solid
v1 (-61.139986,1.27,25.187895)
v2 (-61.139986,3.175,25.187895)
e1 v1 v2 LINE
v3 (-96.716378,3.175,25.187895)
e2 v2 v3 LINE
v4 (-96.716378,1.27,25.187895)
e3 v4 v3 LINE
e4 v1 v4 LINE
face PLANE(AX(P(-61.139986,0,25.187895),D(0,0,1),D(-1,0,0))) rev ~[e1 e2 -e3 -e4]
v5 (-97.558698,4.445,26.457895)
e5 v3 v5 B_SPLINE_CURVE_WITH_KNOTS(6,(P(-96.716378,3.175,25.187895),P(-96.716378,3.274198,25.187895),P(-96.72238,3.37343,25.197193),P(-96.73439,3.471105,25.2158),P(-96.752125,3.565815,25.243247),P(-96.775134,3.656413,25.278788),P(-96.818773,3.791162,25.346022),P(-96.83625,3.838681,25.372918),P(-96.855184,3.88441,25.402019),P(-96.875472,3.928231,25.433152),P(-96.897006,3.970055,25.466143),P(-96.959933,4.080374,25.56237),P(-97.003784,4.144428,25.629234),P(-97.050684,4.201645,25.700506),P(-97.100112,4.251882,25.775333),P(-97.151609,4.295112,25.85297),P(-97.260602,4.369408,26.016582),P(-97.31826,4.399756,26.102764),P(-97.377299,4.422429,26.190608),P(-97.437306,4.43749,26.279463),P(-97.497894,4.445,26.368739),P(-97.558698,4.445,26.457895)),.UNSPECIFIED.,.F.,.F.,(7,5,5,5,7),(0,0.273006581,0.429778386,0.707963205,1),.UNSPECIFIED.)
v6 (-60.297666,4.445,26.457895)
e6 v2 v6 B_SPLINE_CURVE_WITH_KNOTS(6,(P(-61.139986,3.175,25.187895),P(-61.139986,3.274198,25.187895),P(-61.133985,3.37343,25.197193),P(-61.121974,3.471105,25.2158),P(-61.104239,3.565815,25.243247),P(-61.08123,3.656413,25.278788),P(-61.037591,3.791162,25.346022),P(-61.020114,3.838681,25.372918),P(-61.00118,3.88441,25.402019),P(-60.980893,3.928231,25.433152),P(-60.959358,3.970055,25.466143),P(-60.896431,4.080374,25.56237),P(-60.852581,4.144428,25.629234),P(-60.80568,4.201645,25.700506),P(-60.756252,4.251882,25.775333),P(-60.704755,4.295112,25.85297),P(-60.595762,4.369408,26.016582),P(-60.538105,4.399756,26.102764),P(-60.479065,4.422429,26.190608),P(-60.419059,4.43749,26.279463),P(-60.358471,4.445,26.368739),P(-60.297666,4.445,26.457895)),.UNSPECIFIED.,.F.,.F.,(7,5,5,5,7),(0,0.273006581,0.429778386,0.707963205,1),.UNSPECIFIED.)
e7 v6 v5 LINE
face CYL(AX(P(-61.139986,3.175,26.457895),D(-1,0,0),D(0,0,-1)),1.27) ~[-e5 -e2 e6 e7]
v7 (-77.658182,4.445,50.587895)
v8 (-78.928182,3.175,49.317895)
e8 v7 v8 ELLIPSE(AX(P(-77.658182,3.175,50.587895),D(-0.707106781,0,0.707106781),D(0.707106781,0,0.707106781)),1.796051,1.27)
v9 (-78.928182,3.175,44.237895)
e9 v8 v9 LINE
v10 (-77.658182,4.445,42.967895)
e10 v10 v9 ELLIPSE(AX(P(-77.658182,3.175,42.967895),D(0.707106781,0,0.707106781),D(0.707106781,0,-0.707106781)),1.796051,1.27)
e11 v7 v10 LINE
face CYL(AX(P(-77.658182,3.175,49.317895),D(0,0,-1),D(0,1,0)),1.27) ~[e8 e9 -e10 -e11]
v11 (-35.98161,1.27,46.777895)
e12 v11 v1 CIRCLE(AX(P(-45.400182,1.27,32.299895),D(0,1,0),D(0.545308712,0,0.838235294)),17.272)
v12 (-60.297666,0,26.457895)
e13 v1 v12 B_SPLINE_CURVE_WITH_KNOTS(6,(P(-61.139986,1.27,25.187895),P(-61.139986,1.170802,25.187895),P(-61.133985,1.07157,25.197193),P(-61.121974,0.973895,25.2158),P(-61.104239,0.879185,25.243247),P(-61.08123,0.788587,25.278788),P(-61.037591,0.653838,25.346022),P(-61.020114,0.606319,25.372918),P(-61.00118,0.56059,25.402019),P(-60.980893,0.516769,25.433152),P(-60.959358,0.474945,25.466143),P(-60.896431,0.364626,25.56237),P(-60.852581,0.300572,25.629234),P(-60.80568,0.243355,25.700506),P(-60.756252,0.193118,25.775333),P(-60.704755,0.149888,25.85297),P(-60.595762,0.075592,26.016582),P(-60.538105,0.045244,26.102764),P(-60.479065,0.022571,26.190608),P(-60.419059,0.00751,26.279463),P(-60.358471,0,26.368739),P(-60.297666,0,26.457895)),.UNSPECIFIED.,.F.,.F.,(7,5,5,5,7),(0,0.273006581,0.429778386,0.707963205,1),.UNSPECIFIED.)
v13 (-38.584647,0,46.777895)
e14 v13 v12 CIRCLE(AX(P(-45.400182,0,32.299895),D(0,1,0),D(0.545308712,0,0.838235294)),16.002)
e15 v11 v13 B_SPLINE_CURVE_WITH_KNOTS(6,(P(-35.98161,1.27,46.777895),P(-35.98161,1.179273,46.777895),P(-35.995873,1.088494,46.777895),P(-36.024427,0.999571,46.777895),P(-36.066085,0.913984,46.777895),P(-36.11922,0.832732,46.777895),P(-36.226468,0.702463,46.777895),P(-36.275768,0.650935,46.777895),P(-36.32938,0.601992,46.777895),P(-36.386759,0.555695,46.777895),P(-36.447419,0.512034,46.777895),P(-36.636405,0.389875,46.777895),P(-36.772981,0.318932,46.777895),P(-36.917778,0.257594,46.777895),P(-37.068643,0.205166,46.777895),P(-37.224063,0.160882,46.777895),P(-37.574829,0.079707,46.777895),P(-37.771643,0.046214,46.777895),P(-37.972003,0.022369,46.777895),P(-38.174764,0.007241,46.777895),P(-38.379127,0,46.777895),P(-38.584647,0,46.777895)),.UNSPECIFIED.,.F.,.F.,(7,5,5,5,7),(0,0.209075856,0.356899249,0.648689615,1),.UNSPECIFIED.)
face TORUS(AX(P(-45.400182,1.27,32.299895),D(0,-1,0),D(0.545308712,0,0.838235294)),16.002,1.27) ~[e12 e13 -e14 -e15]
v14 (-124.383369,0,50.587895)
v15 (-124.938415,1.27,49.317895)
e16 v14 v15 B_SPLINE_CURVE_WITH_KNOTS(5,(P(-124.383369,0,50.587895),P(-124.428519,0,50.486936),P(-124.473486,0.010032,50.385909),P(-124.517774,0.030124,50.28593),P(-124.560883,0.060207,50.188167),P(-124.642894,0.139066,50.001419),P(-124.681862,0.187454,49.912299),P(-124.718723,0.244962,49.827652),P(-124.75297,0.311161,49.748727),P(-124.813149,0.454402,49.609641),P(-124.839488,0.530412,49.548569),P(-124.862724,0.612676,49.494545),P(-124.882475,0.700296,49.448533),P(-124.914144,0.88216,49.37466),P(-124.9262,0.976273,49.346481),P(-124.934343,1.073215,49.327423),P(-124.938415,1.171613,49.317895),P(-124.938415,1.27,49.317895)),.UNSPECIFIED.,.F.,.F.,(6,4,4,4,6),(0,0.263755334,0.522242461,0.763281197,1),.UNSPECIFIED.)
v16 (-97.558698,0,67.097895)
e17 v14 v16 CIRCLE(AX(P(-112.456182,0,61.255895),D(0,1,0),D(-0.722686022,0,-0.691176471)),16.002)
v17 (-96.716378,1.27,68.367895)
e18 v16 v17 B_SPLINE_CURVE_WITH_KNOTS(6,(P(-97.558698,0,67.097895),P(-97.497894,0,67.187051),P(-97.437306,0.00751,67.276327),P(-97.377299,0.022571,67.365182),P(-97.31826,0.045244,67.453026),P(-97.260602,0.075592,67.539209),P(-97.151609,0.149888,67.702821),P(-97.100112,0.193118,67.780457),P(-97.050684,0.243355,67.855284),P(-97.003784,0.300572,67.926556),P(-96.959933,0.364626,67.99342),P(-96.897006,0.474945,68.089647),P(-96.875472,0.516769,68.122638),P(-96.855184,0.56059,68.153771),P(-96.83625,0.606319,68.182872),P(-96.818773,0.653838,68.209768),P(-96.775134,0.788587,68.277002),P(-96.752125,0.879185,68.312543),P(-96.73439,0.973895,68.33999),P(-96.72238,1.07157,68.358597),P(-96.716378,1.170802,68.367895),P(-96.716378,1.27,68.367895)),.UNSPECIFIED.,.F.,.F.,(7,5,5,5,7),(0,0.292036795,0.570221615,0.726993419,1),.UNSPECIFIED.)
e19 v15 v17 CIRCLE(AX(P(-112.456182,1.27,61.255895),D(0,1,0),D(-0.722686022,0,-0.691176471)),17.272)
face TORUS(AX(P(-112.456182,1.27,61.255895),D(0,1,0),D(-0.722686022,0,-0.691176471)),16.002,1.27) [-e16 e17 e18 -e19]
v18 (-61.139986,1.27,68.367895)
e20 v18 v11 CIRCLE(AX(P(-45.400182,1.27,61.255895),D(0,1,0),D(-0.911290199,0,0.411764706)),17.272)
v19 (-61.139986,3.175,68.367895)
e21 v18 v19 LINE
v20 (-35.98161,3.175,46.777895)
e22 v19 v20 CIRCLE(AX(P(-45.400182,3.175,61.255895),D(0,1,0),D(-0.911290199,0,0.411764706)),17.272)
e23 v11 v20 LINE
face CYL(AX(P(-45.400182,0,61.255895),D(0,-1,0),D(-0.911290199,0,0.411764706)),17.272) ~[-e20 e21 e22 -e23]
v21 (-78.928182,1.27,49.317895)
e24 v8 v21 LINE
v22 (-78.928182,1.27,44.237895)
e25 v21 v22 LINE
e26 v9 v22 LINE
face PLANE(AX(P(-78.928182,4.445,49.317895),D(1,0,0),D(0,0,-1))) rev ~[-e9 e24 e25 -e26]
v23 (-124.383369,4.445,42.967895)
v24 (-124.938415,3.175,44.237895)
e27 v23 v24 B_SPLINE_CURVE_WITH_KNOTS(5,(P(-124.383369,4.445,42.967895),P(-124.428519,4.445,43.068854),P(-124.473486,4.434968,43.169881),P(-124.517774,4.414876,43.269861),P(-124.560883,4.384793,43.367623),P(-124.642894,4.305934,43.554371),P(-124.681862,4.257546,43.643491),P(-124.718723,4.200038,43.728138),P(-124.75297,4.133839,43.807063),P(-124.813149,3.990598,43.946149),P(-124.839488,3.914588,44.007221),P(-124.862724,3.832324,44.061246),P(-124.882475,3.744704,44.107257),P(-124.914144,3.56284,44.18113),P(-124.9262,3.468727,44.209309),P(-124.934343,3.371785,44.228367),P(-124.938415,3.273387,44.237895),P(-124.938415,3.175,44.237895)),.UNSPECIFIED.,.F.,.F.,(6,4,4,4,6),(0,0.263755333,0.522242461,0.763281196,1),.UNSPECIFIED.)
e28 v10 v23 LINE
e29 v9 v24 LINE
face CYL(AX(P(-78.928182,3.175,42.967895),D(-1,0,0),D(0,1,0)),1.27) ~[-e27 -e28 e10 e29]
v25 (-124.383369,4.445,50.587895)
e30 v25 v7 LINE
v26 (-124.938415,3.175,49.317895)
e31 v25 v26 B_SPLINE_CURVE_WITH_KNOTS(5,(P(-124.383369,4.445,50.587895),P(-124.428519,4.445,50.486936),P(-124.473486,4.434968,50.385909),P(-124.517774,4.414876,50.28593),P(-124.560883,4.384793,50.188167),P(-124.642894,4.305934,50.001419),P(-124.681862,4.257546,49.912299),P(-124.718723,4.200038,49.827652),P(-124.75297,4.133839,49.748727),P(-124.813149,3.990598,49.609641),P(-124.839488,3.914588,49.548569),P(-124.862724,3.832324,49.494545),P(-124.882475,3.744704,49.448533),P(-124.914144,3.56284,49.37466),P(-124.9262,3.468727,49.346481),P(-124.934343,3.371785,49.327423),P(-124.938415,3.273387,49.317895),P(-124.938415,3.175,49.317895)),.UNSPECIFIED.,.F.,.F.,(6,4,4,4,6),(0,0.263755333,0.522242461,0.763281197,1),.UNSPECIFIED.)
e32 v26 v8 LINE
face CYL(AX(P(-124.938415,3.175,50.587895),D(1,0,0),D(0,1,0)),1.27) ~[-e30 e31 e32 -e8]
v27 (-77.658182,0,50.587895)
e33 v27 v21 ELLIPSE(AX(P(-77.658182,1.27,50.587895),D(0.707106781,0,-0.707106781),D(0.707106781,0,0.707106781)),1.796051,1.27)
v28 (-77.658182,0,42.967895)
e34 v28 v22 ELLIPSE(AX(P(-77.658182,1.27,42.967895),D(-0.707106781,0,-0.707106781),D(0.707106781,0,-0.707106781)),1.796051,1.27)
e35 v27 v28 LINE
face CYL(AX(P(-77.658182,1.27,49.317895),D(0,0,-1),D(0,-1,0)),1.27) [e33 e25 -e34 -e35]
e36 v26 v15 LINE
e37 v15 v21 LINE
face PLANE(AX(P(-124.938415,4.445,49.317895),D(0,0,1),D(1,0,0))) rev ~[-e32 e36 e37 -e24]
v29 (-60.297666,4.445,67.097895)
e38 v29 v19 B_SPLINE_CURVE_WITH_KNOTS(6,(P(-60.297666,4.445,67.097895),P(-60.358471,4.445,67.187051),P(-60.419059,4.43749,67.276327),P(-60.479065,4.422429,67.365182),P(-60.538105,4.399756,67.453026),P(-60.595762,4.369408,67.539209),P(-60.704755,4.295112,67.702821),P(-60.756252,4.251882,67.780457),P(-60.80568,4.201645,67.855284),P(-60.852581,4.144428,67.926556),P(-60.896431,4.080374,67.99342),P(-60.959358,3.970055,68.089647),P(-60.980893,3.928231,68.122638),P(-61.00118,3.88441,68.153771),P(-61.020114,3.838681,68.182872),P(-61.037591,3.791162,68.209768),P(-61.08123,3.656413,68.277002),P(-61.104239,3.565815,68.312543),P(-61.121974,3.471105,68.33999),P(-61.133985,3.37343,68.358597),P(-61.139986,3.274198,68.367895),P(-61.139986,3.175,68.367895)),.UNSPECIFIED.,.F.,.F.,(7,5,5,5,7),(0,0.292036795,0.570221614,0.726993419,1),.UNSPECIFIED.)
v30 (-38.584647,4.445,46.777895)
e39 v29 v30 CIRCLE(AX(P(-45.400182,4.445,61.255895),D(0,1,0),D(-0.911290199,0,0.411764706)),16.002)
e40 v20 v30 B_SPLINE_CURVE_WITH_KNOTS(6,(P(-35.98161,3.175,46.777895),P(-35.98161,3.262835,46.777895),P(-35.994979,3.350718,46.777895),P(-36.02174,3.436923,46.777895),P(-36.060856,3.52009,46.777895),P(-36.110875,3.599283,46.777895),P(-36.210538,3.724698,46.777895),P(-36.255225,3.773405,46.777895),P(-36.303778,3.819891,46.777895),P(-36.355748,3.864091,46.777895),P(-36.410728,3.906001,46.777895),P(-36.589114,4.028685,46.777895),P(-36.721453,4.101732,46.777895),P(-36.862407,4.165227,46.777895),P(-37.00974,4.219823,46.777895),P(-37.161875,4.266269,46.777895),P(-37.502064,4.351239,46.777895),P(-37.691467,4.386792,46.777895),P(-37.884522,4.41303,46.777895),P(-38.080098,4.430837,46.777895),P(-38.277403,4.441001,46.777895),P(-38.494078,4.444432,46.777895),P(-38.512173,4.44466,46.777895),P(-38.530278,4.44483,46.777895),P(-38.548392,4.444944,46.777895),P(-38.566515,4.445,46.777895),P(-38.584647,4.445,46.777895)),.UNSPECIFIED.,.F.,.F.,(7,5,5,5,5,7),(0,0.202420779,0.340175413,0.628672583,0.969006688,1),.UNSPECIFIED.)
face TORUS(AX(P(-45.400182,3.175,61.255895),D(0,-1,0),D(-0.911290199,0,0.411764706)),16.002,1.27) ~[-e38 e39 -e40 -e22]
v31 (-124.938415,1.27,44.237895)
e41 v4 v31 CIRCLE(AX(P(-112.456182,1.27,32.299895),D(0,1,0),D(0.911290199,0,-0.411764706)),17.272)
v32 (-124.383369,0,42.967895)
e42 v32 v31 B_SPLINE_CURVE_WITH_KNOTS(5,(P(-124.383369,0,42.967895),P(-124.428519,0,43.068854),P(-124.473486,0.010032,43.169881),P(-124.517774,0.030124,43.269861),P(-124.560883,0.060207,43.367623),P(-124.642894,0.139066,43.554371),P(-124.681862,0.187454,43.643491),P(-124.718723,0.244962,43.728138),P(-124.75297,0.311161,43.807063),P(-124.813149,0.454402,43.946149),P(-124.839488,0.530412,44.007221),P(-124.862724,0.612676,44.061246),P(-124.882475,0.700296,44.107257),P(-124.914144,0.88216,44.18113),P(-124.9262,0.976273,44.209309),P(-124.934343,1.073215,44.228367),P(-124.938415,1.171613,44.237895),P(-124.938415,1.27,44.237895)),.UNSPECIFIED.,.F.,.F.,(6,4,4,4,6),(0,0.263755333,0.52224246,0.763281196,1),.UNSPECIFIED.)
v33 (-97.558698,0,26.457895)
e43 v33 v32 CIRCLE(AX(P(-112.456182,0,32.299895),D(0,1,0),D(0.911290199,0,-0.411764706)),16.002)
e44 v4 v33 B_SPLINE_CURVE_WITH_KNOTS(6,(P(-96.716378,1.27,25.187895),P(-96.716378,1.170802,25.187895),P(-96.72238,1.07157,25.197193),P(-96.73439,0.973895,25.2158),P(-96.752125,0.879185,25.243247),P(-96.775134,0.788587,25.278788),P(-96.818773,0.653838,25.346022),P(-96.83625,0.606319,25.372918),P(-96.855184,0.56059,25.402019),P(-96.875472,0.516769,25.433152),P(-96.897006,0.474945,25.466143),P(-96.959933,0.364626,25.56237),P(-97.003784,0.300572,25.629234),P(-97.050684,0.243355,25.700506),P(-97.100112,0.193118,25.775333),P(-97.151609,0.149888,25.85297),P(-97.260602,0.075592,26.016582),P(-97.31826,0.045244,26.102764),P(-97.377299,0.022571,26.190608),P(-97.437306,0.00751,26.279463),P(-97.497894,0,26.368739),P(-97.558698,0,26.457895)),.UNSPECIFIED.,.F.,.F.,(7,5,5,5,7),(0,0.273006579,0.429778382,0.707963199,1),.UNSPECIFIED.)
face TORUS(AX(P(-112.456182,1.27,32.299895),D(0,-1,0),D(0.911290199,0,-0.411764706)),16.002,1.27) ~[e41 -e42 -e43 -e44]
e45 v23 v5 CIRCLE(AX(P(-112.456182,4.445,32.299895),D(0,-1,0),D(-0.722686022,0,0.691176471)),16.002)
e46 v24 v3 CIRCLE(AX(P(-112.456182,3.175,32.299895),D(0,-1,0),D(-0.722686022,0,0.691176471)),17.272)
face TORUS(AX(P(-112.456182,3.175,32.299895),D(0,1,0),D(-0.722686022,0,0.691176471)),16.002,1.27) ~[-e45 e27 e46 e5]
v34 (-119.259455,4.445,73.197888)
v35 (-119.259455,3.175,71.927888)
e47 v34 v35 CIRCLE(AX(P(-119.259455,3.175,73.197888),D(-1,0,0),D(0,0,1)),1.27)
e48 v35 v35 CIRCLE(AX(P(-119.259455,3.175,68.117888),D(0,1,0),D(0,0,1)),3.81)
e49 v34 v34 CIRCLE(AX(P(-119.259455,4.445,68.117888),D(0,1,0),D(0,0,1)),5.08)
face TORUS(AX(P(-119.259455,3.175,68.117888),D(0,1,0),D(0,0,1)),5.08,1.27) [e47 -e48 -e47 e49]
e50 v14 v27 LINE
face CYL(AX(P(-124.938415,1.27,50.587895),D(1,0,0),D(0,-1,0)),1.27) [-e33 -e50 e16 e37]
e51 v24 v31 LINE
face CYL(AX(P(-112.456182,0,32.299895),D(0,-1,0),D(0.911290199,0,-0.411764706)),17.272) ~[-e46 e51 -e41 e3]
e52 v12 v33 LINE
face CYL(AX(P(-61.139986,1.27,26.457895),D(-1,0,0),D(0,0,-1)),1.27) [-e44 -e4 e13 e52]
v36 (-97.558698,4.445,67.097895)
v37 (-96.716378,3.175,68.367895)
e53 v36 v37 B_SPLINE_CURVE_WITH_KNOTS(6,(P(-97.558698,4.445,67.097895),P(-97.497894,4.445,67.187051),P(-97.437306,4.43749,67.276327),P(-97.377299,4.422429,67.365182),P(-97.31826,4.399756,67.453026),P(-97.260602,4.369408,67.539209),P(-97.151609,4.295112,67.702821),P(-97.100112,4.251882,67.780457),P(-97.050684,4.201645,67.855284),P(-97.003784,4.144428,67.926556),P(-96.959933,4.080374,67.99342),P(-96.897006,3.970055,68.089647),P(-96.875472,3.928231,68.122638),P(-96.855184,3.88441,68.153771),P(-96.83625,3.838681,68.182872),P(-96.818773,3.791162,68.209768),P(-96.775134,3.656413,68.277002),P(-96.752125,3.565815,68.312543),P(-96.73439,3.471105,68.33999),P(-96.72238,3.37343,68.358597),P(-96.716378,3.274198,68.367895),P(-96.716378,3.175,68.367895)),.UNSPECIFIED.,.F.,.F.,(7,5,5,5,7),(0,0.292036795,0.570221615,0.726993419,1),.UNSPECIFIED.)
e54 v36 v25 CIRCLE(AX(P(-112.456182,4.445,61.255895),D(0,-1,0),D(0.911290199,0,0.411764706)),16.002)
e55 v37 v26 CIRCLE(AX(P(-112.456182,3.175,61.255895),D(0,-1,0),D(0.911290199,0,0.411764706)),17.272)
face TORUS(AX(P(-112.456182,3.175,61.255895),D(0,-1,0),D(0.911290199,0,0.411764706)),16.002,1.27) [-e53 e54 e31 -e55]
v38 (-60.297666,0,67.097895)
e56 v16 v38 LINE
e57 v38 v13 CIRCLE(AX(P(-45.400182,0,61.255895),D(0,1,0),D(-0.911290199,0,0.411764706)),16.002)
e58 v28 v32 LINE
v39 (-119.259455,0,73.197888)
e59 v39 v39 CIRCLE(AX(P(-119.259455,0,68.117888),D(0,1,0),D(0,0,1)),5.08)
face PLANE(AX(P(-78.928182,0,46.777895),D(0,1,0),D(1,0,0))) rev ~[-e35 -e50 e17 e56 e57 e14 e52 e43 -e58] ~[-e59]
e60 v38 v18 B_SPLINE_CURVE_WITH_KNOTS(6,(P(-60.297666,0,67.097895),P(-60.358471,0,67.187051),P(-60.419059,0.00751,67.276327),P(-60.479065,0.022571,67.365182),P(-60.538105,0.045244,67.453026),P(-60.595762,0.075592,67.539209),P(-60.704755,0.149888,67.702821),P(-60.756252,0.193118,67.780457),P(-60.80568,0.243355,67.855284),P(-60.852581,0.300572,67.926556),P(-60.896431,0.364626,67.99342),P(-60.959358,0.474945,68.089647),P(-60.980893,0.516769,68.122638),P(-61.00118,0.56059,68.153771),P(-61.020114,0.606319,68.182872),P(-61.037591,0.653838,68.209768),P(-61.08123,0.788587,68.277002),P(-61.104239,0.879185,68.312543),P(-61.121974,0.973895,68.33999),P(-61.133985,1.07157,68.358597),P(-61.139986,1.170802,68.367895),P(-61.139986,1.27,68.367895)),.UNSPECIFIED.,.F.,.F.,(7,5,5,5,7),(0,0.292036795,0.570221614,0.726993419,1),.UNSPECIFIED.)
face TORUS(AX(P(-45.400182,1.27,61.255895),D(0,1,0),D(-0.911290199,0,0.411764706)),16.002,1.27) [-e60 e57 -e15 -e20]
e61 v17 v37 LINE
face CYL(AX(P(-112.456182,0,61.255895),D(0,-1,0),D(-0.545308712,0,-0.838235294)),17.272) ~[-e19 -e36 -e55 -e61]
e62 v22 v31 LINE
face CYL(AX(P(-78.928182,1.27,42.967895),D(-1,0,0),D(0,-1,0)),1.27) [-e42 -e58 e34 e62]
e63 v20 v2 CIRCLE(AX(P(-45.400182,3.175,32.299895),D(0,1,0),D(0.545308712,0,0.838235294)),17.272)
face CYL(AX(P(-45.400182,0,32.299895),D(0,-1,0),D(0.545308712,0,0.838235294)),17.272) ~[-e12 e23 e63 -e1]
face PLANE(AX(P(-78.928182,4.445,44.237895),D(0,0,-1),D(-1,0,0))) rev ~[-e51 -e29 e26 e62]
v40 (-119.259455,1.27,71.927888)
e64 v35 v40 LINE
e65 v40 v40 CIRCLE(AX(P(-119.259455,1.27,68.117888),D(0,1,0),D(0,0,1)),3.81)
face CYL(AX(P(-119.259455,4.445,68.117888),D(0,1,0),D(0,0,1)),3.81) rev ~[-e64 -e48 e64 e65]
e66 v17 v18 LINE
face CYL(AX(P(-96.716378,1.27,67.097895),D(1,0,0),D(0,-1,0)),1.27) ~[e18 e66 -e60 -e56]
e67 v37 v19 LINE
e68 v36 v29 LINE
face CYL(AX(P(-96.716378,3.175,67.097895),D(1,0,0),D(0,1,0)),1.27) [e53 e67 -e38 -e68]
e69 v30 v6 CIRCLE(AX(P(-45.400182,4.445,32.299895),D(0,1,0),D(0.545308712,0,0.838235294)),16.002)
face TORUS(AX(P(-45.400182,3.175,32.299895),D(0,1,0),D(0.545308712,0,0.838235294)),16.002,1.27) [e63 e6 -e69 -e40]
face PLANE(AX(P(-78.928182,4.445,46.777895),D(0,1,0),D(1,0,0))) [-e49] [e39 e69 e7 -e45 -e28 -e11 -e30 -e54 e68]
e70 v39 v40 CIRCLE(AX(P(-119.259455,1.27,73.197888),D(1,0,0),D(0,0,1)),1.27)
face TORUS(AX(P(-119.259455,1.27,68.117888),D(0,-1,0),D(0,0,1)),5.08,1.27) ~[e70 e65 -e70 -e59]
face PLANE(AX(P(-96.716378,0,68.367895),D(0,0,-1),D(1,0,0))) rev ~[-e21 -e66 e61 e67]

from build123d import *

# Parameters (mm, degrees)
BOSS_EXTRUDE1_DEPTH     = 4.445
SKETCH2_R               = 3.81
CUT_EXTRUDE1_DEPTH      = 152.70955658
CUT_EXTRUDE1_DEPTH_BACK = 152.70955658
FILLET2_R               = 1.27


with BuildPart() as part:
    # Sketch1 → Boss-Extrude1 (new body)
    with BuildSketch(Plane(origin=(0, 0, 0), x_dir=(1, 0, 0), z_dir=(0, 1, 0))):
        with BuildLine():
            Line((-61.139986431, -25.187895035), (-96.716377793, -25.187895035))
            ThreePointArc((-96.716377793, -25.187895035), (-123.704360598, -19.192627404), (-121.874754191, -46.777895035))
            ThreePointArc((-121.874754191, -46.777895035), (-123.704360598, -74.363162665), (-96.716377793, -68.367895035))
            Line((-96.716377793, -68.367895035), (-61.139986431, -68.367895035))
            ThreePointArc((-61.139986431, -68.367895035), (-34.152003626, -74.363162665), (-35.981610034, -46.777895035))
            ThreePointArc((-35.981610034, -46.777895035), (-34.152003626, -19.192627404), (-61.139986431, -25.187895035))
        make_face()
    extrude(amount=BOSS_EXTRUDE1_DEPTH)

    # Sketch2 → Cut-Extrude1 (cut, two sides)
    with BuildSketch(Plane(origin=(0, 4.445, 0), x_dir=(1, 0, 0), z_dir=(0, 1, 0))) as cut_extrude1_sk:
        with BuildLine():
            Line((-78.928182112, -44.237895035), (-124.938415086, -44.237895035))
            ThreePointArc((-124.938415086, -44.237895035), (-123.479984337, -45.596427234), (-121.874754191, -46.777895035))
            ThreePointArc((-121.874754191, -46.777895035), (-123.479984337, -47.959362836), (-124.938415086, -49.317895035))
            Line((-124.938415086, -49.317895035), (-78.928182112, -49.317895035))
            Line((-78.928182112, -49.317895035), (-78.928182112, -44.237895035))
        make_face()
        with Locations(Location((-119.259455088, -68.117887971, 0), (0, 0, 270))):
            Circle(SKETCH2_R)
    extrude(amount=CUT_EXTRUDE1_DEPTH, mode=Mode.SUBTRACT)
    extrude(cut_extrude1_sk.sketch, amount=-CUT_EXTRUDE1_DEPTH_BACK, mode=Mode.SUBTRACT)

    # Fillet2
    fillet2_edges = [part.edges().sort_by_distance(p)[0] for p in [
        (-34.152003626, 0, 19.192627404),
        (-34.152003626, 4.445, 19.192627404),
        (-34.152003626, 0, 74.363162665),
        (-34.152003626, 4.445, 74.363162665),
        (-78.928182112, 0, 25.187895035),
        (-78.928182112, 4.445, 25.187895035),
        (-78.928182112, 0, 68.367895035),
        (-122.119440764, 0, 75.571739971),
        (-101.933298599, 0, 49.317895035),
        (-78.928182112, 0, 46.777895035),
        (-101.933298599, 0, 44.237895035),
        (-122.119440764, 0, 17.984050099),
        (-119.259455088, 0, 64.307887971),
        (-78.928182112, 4.445, 68.367895035),
        (-122.119440764, 4.445, 75.571739971),
        (-101.933298599, 4.445, 49.317895035),
        (-78.928182112, 4.445, 46.777895035),
        (-101.933298599, 4.445, 44.237895035),
        (-122.119440764, 4.445, 17.984050099),
        (-119.259455088, 4.445, 64.307887971),
    ]]
    fillet(fillet2_edges, radius=FILLET2_R)


solid = part.part
